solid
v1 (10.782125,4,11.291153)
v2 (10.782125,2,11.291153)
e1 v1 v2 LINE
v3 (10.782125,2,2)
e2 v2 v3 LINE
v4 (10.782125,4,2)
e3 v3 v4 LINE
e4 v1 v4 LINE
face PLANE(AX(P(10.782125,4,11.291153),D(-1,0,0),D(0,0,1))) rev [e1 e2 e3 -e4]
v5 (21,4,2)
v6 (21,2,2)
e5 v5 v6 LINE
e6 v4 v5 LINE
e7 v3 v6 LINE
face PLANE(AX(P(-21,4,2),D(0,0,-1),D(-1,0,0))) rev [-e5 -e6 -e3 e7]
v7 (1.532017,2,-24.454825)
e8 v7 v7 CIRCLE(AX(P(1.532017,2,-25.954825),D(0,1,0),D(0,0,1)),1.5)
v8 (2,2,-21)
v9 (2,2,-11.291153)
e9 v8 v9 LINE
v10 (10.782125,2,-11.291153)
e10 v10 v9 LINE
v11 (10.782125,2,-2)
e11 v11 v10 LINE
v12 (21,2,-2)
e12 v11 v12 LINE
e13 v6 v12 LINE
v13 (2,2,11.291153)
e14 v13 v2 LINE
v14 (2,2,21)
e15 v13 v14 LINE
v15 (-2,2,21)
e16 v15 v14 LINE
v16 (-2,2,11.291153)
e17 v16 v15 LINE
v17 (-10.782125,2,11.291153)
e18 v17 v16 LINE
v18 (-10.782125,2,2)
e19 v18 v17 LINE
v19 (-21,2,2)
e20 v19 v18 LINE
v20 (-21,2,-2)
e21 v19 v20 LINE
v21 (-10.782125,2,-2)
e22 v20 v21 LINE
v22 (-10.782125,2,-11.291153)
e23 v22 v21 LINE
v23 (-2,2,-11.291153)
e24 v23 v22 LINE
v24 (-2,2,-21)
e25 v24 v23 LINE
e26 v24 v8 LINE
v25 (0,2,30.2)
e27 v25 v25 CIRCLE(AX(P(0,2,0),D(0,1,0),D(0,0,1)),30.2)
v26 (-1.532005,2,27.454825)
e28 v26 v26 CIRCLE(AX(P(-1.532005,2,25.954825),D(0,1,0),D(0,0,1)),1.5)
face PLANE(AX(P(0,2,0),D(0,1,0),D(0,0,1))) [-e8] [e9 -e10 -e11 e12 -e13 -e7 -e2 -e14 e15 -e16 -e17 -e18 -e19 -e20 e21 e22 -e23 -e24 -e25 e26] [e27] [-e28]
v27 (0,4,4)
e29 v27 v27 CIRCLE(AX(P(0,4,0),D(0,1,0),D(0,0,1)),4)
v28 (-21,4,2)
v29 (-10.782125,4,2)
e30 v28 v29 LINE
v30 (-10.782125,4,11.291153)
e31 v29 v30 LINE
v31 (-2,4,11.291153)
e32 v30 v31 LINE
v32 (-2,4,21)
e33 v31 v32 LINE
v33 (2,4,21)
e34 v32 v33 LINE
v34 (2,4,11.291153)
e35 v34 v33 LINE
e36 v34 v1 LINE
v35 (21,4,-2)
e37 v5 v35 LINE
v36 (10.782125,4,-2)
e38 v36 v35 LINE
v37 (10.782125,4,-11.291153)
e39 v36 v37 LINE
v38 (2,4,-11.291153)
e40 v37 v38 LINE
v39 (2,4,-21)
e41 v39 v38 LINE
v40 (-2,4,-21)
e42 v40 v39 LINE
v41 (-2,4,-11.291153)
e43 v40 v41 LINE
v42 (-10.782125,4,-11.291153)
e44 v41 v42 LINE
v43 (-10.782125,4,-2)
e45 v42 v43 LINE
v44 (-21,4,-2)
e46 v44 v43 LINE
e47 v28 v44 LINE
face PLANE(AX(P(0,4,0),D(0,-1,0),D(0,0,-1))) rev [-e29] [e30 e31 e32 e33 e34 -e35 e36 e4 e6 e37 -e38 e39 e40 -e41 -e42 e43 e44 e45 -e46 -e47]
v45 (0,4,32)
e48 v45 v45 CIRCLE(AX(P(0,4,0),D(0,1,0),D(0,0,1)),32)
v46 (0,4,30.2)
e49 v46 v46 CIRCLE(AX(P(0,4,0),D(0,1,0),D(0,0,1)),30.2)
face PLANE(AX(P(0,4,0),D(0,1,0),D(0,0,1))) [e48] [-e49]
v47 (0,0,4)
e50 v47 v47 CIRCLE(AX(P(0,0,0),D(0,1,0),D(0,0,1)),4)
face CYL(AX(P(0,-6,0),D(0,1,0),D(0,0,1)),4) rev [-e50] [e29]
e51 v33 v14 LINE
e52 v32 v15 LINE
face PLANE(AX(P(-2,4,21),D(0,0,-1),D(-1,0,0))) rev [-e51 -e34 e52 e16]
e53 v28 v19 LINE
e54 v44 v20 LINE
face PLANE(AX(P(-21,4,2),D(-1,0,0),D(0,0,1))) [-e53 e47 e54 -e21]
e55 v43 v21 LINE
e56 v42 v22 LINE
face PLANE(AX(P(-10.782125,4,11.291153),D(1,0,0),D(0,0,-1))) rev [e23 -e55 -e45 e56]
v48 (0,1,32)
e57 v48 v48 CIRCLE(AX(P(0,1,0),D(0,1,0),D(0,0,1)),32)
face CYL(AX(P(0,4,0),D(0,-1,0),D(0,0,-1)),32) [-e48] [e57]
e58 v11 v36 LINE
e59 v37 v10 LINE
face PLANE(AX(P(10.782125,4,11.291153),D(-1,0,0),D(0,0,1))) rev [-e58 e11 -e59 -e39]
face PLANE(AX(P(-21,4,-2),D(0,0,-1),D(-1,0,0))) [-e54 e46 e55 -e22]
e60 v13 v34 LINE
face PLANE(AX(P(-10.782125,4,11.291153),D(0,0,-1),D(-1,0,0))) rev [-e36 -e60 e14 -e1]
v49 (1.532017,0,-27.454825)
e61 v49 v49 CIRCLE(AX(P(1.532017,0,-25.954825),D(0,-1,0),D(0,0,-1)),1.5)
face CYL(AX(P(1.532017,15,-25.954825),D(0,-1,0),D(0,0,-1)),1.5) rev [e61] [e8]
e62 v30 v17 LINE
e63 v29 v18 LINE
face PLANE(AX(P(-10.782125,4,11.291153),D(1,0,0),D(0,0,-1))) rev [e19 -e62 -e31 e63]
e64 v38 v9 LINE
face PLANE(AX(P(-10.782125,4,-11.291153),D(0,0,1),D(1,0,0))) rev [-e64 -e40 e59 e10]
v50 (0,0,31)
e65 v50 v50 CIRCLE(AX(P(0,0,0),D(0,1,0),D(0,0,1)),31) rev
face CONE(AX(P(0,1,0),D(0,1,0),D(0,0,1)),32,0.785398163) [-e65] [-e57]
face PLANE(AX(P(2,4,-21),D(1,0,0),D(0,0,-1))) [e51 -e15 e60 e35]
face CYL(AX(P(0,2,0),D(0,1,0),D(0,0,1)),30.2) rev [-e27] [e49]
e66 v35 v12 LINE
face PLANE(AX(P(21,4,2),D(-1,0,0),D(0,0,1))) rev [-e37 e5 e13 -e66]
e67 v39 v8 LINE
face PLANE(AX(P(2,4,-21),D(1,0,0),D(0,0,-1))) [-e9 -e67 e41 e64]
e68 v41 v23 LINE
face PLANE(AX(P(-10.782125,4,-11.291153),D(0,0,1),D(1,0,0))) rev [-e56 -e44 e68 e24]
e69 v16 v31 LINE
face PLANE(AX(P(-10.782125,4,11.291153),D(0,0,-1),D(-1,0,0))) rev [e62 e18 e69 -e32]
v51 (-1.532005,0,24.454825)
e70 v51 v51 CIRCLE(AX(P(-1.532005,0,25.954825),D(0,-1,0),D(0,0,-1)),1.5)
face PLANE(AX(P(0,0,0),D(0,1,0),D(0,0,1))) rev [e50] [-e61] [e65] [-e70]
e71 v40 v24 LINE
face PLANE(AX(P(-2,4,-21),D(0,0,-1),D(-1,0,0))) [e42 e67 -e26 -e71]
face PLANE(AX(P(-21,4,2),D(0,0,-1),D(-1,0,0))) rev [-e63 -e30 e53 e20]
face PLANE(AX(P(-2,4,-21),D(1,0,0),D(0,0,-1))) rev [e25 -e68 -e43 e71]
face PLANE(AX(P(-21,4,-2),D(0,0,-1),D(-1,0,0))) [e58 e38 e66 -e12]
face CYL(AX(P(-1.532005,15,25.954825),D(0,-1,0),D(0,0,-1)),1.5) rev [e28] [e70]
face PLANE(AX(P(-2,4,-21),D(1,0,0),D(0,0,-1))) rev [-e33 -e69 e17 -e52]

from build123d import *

# Parameters (mm, degrees)
SKETCH1_R           = 32
BOSS_EXTRUDE1_DEPTH = 4
SKETCH2_R           = 30.2
CUT_EXTRUDE1_DEPTH  = 2
CHAMFER1_SIZE       = 1
SKETCH3_R           = 1.5
CUT_EXTRUDE2_DEPTH  = 15
SKETCH5_W           = 4
SKETCH5_H           = 42
SKETCH5_W_2         = 42
SKETCH5_H_2         = 4
BOSS_EXTRUDE2_DEPTH = 2
SKETCH6_R           = 4
CUT_EXTRUDE3_DEPTH  = 10
SKETCH7_W           = 15
SKETCH7_H           = 20
CUT_EXTRUDE4_DEPTH  = 10
BOSS_EXTRUDE3_START = 2
SKETCH8_W           = 21.56425071
SKETCH8_H           = 22.582305464
SKETCH8_R           = 4
BOSS_EXTRUDE3_DEPTH = 2


with BuildPart() as part:
    # Sketch1 → Boss-Extrude1 (new body)
    with BuildSketch(Plane(origin=(0, 0, 0), x_dir=(1, 0, 0), z_dir=(0, 1, 0))):
        with Locations(Location((0, 0, 0), (0, 0, 270))):
            Circle(SKETCH1_R)
    extrude(amount=BOSS_EXTRUDE1_DEPTH)

    # Sketch2 → Cut-Extrude1 (cut)
    with BuildSketch(Plane(origin=(0, 4, 0), x_dir=(1, 0, 0), z_dir=(0, 1, 0))):
        with Locations(Location((0, 0, 0), (0, 0, 270))):
            Circle(SKETCH2_R)
    extrude(amount=-CUT_EXTRUDE1_DEPTH, mode=Mode.SUBTRACT)

    # Chamfer1
    chamfer1_edges = [part.edges().sort_by_distance(p)[0] for p in [
        (0, 0, -32),
    ]]
    chamfer(chamfer1_edges, length=CHAMFER1_SIZE)

    # Sketch3 → Cut-Extrude2 (cut)
    with BuildSketch(Plane.XZ):
        with Locations(Location((-1.532005462, 25.954825356, 0), (0, 0, 270))):
            Circle(SKETCH3_R)
        with Locations(Location((1.532016667, -25.954824695, 0), (0, 0, 270))):
            Circle(SKETCH3_R)
    extrude(amount=-CUT_EXTRUDE2_DEPTH, mode=Mode.SUBTRACT)

    # Sketch5 → Boss-Extrude2 (add)
    with BuildSketch(Plane(origin=(0, 2, 0), x_dir=(1, 0, 0), z_dir=(0, 1, 0))):
        Rectangle(SKETCH5_W, SKETCH5_H)
        Rectangle(SKETCH5_W_2, SKETCH5_H_2)
    extrude(amount=BOSS_EXTRUDE2_DEPTH)

    # Sketch6 → Cut-Extrude3 (cut)
    with BuildSketch(Plane(origin=(0, 4, 0), x_dir=(1, 0, 0), z_dir=(0, 1, 0))):
        with Locations(Location((0, 0, 0), (0, 0, 270))):
            Circle(SKETCH6_R)
    extrude(amount=-CUT_EXTRUDE3_DEPTH, mode=Mode.SUBTRACT)

    # Sketch7 → Cut-Extrude4 (cut)
    with BuildSketch(Plane(origin=(0, 2, 0), x_dir=(1, 0, 0), z_dir=(0, 1, 0))):
        Rectangle(SKETCH7_W, SKETCH7_H)
    extrude(amount=CUT_EXTRUDE4_DEPTH, mode=Mode.SUBTRACT)

    # Sketch8 → Boss-Extrude3 (add)
    with BuildSketch(Plane(origin=(0, 2, 0), x_dir=(1, 0, 0), z_dir=(0, 1, 0)).offset(BOSS_EXTRUDE3_START)):
        Rectangle(SKETCH8_W, SKETCH8_H)
        with Locations(Location((0, 0, 0), (0, 0, 270))):
            Circle(SKETCH8_R, mode=Mode.SUBTRACT)
    extrude(amount=-BOSS_EXTRUDE3_DEPTH)


solid = part.part
